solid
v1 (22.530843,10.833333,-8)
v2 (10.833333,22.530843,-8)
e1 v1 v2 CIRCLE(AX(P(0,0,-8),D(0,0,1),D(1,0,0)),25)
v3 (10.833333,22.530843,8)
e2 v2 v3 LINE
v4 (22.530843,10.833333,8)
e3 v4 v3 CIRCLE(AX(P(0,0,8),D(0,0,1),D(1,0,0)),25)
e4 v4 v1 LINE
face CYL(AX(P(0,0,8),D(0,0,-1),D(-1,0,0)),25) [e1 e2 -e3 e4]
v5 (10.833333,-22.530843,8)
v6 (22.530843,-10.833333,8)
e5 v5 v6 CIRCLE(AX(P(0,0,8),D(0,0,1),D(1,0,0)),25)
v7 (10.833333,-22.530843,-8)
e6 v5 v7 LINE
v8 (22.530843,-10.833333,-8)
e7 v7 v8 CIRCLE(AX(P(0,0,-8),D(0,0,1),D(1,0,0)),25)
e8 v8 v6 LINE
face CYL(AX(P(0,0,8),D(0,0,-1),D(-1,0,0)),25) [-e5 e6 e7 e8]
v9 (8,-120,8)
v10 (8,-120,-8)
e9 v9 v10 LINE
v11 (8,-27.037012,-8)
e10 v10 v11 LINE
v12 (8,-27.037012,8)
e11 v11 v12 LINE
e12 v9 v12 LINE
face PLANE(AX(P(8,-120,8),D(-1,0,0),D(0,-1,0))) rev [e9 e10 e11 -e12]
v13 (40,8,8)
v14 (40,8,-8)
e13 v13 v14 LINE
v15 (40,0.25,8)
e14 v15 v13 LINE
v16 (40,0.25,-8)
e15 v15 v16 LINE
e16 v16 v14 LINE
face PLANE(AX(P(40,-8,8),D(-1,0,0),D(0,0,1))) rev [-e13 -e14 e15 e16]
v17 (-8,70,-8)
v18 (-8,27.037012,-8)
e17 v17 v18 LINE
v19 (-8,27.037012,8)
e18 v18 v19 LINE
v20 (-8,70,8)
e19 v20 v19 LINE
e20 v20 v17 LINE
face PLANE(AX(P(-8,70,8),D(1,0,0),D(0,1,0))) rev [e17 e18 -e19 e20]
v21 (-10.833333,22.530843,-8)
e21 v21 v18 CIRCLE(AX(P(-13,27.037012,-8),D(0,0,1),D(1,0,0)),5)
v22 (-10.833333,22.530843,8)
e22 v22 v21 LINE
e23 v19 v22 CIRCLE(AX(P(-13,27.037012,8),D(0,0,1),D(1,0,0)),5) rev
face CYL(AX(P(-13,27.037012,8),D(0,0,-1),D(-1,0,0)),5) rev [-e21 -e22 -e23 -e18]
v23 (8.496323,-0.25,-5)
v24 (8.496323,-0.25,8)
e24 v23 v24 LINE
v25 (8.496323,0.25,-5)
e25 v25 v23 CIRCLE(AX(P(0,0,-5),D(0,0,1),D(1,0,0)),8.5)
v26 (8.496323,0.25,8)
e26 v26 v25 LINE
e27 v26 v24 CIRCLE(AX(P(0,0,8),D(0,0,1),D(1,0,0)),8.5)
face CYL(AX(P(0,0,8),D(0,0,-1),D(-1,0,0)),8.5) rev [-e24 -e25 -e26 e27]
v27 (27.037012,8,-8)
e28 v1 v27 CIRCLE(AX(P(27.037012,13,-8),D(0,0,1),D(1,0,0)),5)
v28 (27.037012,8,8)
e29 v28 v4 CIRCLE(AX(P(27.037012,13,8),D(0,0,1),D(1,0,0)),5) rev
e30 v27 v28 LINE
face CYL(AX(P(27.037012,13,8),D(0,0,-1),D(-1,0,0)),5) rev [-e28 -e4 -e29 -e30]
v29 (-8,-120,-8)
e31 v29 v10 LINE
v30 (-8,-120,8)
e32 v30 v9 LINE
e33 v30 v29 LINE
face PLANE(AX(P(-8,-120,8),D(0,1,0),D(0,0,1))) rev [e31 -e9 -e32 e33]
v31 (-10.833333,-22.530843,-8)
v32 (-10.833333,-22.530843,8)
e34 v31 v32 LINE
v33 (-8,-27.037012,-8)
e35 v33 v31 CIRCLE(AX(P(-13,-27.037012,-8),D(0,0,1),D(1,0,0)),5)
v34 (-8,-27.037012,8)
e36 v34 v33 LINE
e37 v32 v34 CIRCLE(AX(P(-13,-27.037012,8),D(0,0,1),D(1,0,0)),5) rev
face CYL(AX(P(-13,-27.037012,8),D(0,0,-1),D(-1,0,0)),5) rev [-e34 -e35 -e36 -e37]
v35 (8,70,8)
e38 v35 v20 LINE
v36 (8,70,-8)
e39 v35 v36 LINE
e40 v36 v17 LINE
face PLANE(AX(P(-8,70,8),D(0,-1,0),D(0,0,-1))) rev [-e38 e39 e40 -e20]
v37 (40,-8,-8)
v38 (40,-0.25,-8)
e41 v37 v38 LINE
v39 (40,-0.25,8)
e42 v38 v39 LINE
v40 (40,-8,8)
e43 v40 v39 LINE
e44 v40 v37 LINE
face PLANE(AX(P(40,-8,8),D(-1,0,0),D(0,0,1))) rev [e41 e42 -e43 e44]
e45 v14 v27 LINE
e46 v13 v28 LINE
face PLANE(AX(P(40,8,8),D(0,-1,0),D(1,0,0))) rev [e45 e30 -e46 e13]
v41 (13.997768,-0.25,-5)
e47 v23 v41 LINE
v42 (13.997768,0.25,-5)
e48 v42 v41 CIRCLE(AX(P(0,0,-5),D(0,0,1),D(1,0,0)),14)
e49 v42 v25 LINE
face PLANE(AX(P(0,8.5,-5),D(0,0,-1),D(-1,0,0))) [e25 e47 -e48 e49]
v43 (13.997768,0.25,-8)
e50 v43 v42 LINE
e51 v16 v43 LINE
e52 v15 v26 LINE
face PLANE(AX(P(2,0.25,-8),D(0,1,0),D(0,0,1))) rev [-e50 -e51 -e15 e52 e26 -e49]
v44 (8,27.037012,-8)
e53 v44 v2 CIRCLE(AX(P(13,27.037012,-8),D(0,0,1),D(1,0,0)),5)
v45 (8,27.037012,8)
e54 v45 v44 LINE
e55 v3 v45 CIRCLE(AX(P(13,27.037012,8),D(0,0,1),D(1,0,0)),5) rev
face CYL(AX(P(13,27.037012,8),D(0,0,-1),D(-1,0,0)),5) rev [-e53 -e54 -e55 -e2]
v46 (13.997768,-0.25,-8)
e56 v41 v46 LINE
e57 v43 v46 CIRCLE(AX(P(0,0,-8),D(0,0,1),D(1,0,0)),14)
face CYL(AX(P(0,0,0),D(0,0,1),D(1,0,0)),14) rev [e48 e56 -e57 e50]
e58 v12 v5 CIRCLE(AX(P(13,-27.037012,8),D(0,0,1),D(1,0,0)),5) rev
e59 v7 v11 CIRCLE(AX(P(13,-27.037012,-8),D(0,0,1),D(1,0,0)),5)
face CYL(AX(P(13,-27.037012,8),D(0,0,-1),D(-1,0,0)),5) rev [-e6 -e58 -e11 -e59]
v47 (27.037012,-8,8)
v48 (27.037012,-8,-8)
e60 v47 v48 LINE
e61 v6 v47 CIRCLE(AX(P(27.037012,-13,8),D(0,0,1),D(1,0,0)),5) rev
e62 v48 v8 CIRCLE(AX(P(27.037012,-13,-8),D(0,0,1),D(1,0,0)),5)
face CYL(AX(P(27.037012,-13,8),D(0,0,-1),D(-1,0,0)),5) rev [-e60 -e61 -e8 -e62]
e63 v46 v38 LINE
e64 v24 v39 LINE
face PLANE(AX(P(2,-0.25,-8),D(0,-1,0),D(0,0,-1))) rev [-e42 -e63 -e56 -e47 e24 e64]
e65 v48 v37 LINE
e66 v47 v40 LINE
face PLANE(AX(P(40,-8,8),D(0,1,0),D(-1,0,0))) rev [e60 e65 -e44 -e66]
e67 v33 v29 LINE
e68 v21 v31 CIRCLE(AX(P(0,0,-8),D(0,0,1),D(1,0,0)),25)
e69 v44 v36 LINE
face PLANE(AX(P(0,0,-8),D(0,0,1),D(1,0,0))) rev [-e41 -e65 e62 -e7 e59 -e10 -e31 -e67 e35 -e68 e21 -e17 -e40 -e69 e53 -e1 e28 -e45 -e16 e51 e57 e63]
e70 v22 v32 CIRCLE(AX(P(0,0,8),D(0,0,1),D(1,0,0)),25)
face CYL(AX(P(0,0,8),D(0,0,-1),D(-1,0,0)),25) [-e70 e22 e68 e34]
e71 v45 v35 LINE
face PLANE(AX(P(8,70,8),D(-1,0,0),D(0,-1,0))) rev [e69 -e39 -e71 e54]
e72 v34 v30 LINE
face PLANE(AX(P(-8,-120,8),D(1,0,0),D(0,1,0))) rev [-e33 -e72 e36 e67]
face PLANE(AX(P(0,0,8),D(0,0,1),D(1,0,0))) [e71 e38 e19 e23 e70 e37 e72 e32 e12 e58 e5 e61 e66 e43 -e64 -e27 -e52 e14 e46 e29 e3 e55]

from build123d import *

# Parameters (mm, degrees)
SKETCH1_R               = 25
SKETCH1_R_2             = 8.5
BOSS_EXTRUDE1_DEPTH     = 8
SKETCH2_W               = 16
SKETCH2_H               = 46.314561435
BOSS_EXTRUDE2_DEPTH     = 8
SKETCH3_W               = 16
SKETCH3_H               = 96.314561435
BOSS_EXTRUDE3_DEPTH     = 8
SKETCH4_W               = 16.314561435
SKETCH4_H               = 16
BOSS_EXTRUDE4_DEPTH     = 8
CUT_EXTRUDE1_DEPTH      = 127.743836142
CUT_EXTRUDE1_DEPTH_BACK = 127.743836142
SKETCH5_W               = 48
SKETCH5_H               = 0.5
FILLET1_R               = 5
SKETCH7_W               = 3
SKETCH7_H               = 5.5


with BuildPart() as part:
    # Sketch1 → Boss-Extrude1 (new, symmetric)
    with BuildSketch(Plane.XY):
        Circle(SKETCH1_R)
        Circle(SKETCH1_R_2, mode=Mode.SUBTRACT)
    extrude(amount=BOSS_EXTRUDE1_DEPTH, both=True)

    # Sketch2 → Boss-Extrude2 (add, symmetric)
    with BuildSketch(Plane.XY):
        with Locations((0, 46.842719282)):
            Rectangle(SKETCH2_W, SKETCH2_H)
    extrude(amount=BOSS_EXTRUDE2_DEPTH, both=True)

    # Sketch3 → Boss-Extrude3 (add, symmetric)
    with BuildSketch(Plane.XY):
        with Locations((0, -71.842719283)):
            Rectangle(SKETCH3_W, SKETCH3_H)
    extrude(amount=BOSS_EXTRUDE3_DEPTH, both=True)

    # Sketch4 → Boss-Extrude4 (add, symmetric)
    with BuildSketch(Plane.XY):
        with Locations((31.842719282, 0)):
            Rectangle(SKETCH4_W, SKETCH4_H)
    extrude(amount=BOSS_EXTRUDE4_DEPTH, both=True)

    # Sketch5 → Cut-Extrude1 (cut, two sides: drawn at the far end of the back side and taken through both)
    with BuildSketch(Plane.XY.offset(-CUT_EXTRUDE1_DEPTH_BACK)):
        with Locations((26, 0)):
            Rectangle(SKETCH5_W, SKETCH5_H)
    extrude(amount=CUT_EXTRUDE1_DEPTH + CUT_EXTRUDE1_DEPTH_BACK, mode=Mode.SUBTRACT)

    # Fillet1
    fillet1_edges = [part.edges().sort_by_distance(p)[0] for p in [
        (8, 23.685438565, 0),
        (-8, 23.685438565, 0),
        (8, -23.685438565, 0),
        (-8, -23.685438565, 0),
        (23.685438565, -8, 0),
        (23.685438565, 8, 0),
    ]]
    fillet(fillet1_edges, radius=FILLET1_R)

    # Sketch7 → Cut-Revolve1 (revolve, cut)
    with BuildSketch(Plane(origin=(0, 0, 0), x_dir=(0, 0, -1), z_dir=(1, 0, 0))):
        with Locations((6.5, 11.25)):
            Rectangle(SKETCH7_W, SKETCH7_H)
    revolve(axis=Axis((0, 0, 0), (0, 0, -1)), mode=Mode.SUBTRACT)


solid = part.part
